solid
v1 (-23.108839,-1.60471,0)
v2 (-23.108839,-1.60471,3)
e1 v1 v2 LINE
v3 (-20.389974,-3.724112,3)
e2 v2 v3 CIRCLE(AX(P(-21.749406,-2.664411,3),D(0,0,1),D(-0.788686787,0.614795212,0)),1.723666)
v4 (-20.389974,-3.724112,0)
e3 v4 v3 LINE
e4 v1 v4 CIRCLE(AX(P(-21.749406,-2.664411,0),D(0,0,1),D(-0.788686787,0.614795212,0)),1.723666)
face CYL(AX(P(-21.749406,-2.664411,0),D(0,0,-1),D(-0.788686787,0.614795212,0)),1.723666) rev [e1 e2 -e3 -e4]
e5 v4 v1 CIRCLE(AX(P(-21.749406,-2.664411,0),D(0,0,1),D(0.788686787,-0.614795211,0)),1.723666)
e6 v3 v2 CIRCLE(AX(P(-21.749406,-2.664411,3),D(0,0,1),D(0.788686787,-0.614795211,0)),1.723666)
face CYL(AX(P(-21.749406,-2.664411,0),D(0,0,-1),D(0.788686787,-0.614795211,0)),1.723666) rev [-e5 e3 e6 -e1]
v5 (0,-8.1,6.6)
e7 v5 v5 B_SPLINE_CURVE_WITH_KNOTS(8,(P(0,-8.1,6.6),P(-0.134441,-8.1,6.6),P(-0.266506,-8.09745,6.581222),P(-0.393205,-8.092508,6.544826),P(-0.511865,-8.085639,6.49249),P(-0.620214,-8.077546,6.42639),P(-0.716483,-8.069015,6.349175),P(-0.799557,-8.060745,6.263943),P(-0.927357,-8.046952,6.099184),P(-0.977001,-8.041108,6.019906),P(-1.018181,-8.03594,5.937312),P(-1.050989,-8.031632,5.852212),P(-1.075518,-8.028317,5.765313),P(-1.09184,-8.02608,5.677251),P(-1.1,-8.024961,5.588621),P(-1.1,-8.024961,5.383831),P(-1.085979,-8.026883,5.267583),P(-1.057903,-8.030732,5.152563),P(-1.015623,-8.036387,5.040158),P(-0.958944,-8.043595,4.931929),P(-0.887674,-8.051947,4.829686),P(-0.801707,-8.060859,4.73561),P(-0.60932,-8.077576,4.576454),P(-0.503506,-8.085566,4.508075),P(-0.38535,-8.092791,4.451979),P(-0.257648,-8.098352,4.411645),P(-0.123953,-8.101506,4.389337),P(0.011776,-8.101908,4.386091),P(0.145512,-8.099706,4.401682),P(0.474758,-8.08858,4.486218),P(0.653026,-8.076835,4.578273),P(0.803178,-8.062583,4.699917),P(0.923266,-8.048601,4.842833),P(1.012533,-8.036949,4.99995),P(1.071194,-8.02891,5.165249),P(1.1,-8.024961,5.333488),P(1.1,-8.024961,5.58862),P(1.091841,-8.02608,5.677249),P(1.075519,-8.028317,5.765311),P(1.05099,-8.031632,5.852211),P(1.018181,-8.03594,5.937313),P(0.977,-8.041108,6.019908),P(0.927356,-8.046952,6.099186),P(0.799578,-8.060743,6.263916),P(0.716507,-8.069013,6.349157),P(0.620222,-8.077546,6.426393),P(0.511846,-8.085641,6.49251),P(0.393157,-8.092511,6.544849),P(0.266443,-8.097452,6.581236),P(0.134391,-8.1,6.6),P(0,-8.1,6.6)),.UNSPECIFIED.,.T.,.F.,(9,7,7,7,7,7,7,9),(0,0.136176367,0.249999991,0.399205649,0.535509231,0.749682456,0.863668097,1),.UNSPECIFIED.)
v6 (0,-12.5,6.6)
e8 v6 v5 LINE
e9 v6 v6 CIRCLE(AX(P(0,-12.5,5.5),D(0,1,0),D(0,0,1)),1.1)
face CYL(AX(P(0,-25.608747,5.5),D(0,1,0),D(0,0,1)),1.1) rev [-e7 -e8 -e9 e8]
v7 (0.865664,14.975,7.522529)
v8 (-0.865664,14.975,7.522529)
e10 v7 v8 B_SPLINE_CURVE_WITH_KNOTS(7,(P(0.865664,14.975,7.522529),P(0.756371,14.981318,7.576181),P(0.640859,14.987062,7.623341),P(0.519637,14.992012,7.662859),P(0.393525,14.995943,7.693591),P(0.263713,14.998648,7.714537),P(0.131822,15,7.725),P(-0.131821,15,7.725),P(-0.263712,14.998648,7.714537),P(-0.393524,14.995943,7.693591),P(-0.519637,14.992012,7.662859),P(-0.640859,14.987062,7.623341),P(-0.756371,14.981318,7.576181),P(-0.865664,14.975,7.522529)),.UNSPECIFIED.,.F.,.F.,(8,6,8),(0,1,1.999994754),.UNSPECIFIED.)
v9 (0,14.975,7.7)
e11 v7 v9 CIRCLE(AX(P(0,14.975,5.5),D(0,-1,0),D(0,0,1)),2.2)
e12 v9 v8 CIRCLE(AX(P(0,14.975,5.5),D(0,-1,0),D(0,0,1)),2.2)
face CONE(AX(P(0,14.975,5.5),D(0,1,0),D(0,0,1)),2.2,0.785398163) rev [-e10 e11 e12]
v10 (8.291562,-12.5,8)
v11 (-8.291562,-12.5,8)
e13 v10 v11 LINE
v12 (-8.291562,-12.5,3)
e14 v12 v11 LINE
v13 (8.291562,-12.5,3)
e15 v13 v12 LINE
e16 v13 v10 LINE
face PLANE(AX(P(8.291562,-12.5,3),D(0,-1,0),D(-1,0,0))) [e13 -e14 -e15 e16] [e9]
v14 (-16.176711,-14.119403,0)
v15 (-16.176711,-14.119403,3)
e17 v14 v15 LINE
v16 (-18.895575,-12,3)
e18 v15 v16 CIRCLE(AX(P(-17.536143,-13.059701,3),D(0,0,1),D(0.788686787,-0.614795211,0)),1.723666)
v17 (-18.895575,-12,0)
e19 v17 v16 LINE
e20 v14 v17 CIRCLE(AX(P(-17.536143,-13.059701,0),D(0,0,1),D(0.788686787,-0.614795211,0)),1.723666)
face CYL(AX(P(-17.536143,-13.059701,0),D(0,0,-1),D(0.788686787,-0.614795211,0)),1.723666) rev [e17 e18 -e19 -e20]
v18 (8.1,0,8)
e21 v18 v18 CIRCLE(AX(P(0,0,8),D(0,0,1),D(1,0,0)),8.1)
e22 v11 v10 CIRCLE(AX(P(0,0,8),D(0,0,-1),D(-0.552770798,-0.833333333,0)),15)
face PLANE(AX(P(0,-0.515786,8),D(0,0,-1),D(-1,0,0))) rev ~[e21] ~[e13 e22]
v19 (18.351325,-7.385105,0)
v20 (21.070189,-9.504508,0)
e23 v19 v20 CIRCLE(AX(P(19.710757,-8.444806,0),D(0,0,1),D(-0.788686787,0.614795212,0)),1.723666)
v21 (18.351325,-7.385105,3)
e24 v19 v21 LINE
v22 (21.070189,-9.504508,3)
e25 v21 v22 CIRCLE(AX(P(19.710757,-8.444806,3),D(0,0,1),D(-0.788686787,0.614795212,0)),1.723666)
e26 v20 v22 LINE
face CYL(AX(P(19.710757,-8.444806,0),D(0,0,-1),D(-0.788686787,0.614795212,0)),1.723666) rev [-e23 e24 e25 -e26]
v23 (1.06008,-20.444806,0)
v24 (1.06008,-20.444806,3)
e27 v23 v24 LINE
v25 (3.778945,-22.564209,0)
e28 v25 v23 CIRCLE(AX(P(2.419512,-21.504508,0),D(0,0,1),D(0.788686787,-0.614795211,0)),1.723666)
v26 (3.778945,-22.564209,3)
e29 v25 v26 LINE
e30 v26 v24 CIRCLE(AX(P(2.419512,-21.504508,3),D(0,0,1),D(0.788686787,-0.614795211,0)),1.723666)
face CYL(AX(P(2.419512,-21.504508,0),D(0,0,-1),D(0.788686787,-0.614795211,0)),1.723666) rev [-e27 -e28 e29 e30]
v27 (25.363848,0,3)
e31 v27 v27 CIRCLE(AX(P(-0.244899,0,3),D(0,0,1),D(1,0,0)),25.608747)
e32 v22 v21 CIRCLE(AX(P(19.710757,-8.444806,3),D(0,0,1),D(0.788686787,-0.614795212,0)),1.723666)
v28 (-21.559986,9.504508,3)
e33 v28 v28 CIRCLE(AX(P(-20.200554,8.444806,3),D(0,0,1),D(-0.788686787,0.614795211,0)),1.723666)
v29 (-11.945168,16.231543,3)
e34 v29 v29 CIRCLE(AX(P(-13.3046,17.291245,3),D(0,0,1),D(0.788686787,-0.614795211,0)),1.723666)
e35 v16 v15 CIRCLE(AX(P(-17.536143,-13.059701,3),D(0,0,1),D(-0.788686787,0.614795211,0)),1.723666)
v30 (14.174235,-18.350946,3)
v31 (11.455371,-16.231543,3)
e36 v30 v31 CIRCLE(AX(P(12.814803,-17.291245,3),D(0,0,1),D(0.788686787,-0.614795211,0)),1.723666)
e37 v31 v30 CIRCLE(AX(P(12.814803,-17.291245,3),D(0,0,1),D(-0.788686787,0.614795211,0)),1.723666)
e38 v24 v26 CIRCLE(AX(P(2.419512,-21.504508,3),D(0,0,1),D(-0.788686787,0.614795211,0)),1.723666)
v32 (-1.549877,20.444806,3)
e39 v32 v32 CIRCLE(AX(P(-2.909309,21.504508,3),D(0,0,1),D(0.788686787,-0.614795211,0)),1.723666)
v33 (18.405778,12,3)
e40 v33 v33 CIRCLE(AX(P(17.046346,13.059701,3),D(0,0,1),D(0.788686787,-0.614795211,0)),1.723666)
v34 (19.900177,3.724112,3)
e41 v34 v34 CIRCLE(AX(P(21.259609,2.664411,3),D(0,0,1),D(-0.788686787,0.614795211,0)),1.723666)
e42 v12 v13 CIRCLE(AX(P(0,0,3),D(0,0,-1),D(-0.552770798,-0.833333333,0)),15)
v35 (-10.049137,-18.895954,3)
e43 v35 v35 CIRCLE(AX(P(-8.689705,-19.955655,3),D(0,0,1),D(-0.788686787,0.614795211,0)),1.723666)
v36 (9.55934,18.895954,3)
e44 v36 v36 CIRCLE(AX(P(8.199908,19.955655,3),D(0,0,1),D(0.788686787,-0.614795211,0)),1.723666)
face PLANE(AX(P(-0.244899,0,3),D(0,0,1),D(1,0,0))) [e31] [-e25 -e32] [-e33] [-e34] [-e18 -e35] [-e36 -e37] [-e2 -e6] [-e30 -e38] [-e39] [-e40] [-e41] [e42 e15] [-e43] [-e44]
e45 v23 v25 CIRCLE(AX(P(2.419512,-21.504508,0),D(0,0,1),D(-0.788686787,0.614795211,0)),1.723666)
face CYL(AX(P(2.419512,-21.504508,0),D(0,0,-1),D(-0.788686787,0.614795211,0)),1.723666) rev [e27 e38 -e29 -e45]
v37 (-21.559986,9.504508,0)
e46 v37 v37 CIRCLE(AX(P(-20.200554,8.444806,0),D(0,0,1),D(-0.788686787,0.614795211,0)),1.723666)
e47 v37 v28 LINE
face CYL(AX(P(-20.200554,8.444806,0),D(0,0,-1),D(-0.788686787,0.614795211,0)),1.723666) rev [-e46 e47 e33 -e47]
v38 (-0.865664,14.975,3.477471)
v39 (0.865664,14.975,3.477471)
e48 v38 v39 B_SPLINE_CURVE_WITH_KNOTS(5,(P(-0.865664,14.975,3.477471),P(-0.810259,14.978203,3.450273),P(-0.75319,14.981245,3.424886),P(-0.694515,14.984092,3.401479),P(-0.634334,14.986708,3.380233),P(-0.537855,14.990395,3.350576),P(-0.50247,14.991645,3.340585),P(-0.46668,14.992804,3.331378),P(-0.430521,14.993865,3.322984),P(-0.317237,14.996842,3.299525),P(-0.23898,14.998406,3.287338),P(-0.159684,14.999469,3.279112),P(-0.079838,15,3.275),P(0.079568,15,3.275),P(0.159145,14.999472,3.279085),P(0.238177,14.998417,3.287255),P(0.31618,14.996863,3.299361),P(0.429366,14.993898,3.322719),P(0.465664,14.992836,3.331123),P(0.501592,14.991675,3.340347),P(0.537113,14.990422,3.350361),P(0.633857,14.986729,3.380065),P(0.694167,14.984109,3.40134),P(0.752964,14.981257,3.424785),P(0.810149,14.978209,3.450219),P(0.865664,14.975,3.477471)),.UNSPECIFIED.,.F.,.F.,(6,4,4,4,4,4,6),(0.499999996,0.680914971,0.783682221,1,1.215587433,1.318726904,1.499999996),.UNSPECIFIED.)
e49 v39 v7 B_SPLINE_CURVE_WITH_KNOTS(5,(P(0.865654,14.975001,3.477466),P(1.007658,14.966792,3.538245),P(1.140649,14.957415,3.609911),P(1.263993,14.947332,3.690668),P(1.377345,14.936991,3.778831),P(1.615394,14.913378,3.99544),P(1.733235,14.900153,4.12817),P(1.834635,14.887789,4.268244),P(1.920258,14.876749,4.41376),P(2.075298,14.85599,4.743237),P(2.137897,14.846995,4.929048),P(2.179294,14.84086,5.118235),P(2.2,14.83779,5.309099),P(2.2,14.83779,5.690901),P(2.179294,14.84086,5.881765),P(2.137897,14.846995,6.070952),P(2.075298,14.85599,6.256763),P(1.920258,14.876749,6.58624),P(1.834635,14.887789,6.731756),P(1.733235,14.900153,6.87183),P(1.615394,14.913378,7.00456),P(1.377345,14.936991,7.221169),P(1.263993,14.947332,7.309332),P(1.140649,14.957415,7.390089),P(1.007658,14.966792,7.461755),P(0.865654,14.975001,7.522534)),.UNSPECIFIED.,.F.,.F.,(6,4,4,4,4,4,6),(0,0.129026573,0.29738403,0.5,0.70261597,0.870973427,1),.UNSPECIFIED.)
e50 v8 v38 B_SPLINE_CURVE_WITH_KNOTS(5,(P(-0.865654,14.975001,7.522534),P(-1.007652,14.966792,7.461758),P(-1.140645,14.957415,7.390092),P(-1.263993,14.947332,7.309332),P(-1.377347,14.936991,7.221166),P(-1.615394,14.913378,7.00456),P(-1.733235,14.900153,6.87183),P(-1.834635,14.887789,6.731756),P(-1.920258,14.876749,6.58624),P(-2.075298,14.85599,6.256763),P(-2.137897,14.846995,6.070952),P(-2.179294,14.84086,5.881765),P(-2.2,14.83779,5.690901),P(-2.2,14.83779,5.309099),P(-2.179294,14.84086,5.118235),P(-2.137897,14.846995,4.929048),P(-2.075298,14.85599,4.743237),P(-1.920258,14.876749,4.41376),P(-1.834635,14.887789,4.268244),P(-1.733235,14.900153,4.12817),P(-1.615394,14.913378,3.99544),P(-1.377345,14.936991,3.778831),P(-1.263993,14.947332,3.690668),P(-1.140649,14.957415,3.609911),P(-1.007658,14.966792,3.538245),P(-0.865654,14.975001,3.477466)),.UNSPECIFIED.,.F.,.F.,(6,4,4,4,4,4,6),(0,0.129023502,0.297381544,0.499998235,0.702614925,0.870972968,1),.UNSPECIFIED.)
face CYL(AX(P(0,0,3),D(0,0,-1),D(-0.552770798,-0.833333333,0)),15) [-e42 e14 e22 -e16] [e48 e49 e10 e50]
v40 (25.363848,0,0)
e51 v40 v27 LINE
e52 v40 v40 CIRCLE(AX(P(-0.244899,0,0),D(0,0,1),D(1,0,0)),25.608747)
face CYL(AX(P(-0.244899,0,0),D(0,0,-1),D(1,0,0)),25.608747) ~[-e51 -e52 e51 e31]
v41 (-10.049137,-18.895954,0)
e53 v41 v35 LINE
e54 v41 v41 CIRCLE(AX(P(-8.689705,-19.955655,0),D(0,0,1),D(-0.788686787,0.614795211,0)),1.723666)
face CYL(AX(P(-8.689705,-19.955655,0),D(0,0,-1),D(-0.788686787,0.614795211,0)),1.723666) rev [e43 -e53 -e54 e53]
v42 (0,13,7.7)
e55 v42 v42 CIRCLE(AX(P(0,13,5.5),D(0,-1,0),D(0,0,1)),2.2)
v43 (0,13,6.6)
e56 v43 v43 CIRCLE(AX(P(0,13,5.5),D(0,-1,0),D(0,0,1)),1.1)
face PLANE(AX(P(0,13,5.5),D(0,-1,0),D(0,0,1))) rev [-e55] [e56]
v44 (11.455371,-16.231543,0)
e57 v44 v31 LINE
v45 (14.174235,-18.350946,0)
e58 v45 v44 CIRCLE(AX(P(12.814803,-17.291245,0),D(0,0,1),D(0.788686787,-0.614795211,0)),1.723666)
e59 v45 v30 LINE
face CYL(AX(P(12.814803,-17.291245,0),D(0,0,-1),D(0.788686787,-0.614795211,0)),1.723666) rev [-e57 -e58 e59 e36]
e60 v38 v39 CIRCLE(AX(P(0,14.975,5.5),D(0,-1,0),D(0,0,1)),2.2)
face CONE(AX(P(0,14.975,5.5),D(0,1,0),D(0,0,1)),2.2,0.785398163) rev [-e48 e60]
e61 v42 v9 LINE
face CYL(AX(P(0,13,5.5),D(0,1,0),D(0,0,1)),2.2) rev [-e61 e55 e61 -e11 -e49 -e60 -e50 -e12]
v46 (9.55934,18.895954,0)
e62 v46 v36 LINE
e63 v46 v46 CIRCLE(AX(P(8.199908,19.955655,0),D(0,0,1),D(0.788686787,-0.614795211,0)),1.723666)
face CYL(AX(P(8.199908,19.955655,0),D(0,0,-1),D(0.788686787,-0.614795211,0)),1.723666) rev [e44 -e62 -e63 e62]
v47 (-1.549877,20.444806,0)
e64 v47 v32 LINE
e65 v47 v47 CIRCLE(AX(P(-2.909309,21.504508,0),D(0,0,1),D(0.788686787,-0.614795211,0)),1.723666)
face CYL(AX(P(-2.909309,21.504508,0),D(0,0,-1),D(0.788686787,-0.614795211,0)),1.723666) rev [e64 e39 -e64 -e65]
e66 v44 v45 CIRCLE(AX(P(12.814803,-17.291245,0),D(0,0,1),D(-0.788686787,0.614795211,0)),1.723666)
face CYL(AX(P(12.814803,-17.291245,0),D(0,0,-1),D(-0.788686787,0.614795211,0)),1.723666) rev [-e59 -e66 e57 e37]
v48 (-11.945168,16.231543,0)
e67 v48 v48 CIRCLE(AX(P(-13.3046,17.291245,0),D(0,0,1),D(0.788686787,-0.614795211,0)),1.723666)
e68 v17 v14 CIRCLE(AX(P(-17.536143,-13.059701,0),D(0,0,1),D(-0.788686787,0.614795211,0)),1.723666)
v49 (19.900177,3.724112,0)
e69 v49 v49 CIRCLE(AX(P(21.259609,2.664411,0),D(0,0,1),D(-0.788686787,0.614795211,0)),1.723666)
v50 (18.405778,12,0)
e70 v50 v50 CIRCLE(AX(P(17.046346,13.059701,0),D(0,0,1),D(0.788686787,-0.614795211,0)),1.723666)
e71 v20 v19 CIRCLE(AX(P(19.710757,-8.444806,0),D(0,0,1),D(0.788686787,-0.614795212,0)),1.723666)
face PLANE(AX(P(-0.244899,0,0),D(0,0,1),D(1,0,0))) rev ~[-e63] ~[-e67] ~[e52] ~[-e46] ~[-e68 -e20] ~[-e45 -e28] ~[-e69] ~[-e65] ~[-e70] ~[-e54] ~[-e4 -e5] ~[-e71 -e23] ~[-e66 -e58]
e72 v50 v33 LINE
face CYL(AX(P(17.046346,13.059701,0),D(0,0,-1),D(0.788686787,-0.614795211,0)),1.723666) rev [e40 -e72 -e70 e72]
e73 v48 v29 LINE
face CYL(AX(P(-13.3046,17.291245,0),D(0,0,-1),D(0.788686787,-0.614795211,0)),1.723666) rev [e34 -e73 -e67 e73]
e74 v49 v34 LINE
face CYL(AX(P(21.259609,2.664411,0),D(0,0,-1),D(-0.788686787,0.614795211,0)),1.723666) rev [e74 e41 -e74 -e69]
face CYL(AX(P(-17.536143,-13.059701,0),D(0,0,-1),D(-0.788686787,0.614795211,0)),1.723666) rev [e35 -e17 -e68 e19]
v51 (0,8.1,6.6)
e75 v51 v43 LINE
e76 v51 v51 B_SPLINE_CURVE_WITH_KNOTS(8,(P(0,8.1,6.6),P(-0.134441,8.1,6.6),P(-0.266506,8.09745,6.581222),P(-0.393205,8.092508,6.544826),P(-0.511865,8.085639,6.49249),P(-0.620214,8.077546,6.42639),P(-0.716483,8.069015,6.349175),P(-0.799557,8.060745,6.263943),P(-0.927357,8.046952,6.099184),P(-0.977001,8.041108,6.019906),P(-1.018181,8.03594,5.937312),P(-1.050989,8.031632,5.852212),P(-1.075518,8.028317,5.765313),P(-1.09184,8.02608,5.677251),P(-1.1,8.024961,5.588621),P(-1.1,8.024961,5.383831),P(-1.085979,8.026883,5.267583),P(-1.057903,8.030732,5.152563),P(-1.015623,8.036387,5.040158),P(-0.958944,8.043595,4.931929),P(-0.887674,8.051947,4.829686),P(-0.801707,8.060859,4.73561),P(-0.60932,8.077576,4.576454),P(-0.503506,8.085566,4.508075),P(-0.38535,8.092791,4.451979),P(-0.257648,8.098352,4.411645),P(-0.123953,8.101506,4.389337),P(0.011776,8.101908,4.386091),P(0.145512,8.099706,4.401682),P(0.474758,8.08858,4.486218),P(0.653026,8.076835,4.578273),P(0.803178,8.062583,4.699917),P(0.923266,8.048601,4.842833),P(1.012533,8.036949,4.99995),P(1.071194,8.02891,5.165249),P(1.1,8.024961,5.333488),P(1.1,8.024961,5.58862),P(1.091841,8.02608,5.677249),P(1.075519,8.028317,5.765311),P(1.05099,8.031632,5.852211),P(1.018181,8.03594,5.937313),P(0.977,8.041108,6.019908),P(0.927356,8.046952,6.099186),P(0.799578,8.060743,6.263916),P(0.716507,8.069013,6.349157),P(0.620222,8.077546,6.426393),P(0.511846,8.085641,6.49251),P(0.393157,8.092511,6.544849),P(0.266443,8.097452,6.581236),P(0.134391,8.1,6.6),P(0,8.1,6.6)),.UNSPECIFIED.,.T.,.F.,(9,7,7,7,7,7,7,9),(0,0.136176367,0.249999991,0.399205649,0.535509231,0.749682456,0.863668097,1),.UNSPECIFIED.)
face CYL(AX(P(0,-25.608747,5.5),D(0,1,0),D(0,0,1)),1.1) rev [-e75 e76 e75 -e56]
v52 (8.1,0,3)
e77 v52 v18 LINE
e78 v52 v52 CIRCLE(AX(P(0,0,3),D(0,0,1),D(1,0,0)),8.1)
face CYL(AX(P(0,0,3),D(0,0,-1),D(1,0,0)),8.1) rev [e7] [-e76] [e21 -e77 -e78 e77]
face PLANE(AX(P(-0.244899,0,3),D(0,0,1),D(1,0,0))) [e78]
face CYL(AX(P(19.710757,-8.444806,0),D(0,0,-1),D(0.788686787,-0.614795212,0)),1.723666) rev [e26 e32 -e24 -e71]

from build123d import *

# Parameters (mm, degrees)
SKETCH1_R           = 25.608746635
BOSS_EXTRUDE1_DEPTH = 3
SKETCH2_R           = 8.1
BOSS_EXTRUDE2_DEPTH = 5


with BuildPart() as part:
    # Sketch1 → Boss-Extrude1 (new body)
    with BuildSketch(Plane.XY):
        with Locations((-0.244898521, 0)):
            Circle(SKETCH1_R)
        with BuildLine():
            ThreePointArc((-18.841121629, 7.385104949), (-19.140852563, 9.804238645), (-21.559986259, 9.504507711))
            ThreePointArc((-21.559986259, 9.504507711), (-21.260255325, 7.085374015), (-18.841121629, 7.385104949))
        make_face(mode=Mode.SUBTRACT)
        with BuildLine():
            ThreePointArc((-20.389973917, -3.72411228), (-20.689704851, -1.304978585), (-23.108838546, -1.604709519))
            ThreePointArc((-23.108838546, -1.604709519), (-22.809107612, -4.023843215), (-20.389973917, -3.72411228))
        make_face(mode=Mode.SUBTRACT)
        with BuildLine():
            ThreePointArc((-16.176710729, -14.119402761), (-16.476441664, -11.700269066), (-18.895575359, -12))
            ThreePointArc((-18.895575359, -12), (-18.595844425, -14.419133695), (-16.176710729, -14.119402761))
        make_face(mode=Mode.SUBTRACT)
        with BuildLine():
            ThreePointArc((-7.330272536, -21.015356804), (-7.63000347, -18.596223108), (-10.049137166, -18.895954043))
            ThreePointArc((-10.049137166, -18.895954043), (-9.749406231, -21.315087738), (-7.330272536, -21.015356804))
        make_face(mode=Mode.SUBTRACT)
        with BuildLine():
            ThreePointArc((3.778944694, -22.564209091), (3.479213759, -20.145075396), (1.060080064, -20.44480633))
            ThreePointArc((1.060080064, -20.44480633), (1.359810998, -22.863940025), (3.778944694, -22.564209091))
        make_face(mode=Mode.SUBTRACT)
        with BuildLine():
            ThreePointArc((11.455370545, -16.231543143), (11.755101479, -18.650676838), (14.174235175, -18.350945904))
            ThreePointArc((14.174235175, -18.350945904), (13.87450424, -15.931812209), (11.455370545, -16.231543143))
        make_face(mode=Mode.SUBTRACT)
        with BuildLine():
            ThreePointArc((18.351324588, -7.385104949), (18.651055522, -9.804238645), (21.070189217, -9.504507711))
            ThreePointArc((21.070189217, -9.504507711), (20.770458283, -7.085374015), (18.351324588, -7.385104949))
        make_face(mode=Mode.SUBTRACT)
        with BuildLine():
            ThreePointArc((22.619041505, 1.604709519), (22.31931057, 4.023843215), (19.900176875, 3.72411228))
            ThreePointArc((19.900176875, 3.72411228), (20.199907809, 1.304978585), (22.619041505, 1.604709519))
        make_face(mode=Mode.SUBTRACT)
        with BuildLine():
            ThreePointArc((15.686913688, 14.119402761), (15.986644622, 11.700269066), (18.405778317, 12))
            ThreePointArc((18.405778317, 12), (18.106047383, 14.419133695), (15.686913688, 14.119402761))
        make_face(mode=Mode.SUBTRACT)
        with BuildLine():
            ThreePointArc((6.840475494, 21.015356804), (7.140206429, 18.596223108), (9.559340124, 18.895954043))
            ThreePointArc((9.559340124, 18.895954043), (9.25960919, 21.315087738), (6.840475494, 21.015356804))
        make_face(mode=Mode.SUBTRACT)
        with BuildLine():
            ThreePointArc((-4.268741735, 22.564209091), (-3.969010801, 20.145075396), (-1.549877106, 20.44480633))
            ThreePointArc((-1.549877106, 20.44480633), (-1.84960804, 22.863940025), (-4.268741735, 22.564209091))
        make_face(mode=Mode.SUBTRACT)
        with BuildLine():
            ThreePointArc((-14.664032216, 18.350945904), (-14.364301282, 15.931812209), (-11.945167587, 16.231543143))
            ThreePointArc((-11.945167587, 16.231543143), (-12.244898521, 18.650676838), (-14.664032216, 18.350945904))
        make_face(mode=Mode.SUBTRACT)
    extrude(amount=BOSS_EXTRUDE1_DEPTH)

    # Sketch2 → Boss-Extrude2 (add)
    with BuildSketch(Plane.XY.offset(3)):
        with BuildLine():
            Line((8.291561976, -12.5), (-8.291561976, -12.5))
            ThreePointArc((-8.291561976, -12.5), (0, 15), (8.291561976, -12.5))
        make_face()
        Circle(SKETCH2_R, mode=Mode.SUBTRACT)
    extrude(amount=BOSS_EXTRUDE2_DEPTH)

    # Sketch4 → CBORE for M2 SHCS1 (revolve, cut)
    with BuildSketch(Plane(origin=(0, 15, 5.5), x_dir=(0, 0, 1), z_dir=(1, 0, 0))):
        Polygon((0, 0), (0, 40.608746635), (1.1, 40.608746635), (1.1, 2), (2.2, 2), (2.2, 0.025), (2.225, 0), align=None)
    revolve(axis=Axis((0, 21.35, 5.5), (0, -1, 0)), mode=Mode.SUBTRACT)


solid = part.part
